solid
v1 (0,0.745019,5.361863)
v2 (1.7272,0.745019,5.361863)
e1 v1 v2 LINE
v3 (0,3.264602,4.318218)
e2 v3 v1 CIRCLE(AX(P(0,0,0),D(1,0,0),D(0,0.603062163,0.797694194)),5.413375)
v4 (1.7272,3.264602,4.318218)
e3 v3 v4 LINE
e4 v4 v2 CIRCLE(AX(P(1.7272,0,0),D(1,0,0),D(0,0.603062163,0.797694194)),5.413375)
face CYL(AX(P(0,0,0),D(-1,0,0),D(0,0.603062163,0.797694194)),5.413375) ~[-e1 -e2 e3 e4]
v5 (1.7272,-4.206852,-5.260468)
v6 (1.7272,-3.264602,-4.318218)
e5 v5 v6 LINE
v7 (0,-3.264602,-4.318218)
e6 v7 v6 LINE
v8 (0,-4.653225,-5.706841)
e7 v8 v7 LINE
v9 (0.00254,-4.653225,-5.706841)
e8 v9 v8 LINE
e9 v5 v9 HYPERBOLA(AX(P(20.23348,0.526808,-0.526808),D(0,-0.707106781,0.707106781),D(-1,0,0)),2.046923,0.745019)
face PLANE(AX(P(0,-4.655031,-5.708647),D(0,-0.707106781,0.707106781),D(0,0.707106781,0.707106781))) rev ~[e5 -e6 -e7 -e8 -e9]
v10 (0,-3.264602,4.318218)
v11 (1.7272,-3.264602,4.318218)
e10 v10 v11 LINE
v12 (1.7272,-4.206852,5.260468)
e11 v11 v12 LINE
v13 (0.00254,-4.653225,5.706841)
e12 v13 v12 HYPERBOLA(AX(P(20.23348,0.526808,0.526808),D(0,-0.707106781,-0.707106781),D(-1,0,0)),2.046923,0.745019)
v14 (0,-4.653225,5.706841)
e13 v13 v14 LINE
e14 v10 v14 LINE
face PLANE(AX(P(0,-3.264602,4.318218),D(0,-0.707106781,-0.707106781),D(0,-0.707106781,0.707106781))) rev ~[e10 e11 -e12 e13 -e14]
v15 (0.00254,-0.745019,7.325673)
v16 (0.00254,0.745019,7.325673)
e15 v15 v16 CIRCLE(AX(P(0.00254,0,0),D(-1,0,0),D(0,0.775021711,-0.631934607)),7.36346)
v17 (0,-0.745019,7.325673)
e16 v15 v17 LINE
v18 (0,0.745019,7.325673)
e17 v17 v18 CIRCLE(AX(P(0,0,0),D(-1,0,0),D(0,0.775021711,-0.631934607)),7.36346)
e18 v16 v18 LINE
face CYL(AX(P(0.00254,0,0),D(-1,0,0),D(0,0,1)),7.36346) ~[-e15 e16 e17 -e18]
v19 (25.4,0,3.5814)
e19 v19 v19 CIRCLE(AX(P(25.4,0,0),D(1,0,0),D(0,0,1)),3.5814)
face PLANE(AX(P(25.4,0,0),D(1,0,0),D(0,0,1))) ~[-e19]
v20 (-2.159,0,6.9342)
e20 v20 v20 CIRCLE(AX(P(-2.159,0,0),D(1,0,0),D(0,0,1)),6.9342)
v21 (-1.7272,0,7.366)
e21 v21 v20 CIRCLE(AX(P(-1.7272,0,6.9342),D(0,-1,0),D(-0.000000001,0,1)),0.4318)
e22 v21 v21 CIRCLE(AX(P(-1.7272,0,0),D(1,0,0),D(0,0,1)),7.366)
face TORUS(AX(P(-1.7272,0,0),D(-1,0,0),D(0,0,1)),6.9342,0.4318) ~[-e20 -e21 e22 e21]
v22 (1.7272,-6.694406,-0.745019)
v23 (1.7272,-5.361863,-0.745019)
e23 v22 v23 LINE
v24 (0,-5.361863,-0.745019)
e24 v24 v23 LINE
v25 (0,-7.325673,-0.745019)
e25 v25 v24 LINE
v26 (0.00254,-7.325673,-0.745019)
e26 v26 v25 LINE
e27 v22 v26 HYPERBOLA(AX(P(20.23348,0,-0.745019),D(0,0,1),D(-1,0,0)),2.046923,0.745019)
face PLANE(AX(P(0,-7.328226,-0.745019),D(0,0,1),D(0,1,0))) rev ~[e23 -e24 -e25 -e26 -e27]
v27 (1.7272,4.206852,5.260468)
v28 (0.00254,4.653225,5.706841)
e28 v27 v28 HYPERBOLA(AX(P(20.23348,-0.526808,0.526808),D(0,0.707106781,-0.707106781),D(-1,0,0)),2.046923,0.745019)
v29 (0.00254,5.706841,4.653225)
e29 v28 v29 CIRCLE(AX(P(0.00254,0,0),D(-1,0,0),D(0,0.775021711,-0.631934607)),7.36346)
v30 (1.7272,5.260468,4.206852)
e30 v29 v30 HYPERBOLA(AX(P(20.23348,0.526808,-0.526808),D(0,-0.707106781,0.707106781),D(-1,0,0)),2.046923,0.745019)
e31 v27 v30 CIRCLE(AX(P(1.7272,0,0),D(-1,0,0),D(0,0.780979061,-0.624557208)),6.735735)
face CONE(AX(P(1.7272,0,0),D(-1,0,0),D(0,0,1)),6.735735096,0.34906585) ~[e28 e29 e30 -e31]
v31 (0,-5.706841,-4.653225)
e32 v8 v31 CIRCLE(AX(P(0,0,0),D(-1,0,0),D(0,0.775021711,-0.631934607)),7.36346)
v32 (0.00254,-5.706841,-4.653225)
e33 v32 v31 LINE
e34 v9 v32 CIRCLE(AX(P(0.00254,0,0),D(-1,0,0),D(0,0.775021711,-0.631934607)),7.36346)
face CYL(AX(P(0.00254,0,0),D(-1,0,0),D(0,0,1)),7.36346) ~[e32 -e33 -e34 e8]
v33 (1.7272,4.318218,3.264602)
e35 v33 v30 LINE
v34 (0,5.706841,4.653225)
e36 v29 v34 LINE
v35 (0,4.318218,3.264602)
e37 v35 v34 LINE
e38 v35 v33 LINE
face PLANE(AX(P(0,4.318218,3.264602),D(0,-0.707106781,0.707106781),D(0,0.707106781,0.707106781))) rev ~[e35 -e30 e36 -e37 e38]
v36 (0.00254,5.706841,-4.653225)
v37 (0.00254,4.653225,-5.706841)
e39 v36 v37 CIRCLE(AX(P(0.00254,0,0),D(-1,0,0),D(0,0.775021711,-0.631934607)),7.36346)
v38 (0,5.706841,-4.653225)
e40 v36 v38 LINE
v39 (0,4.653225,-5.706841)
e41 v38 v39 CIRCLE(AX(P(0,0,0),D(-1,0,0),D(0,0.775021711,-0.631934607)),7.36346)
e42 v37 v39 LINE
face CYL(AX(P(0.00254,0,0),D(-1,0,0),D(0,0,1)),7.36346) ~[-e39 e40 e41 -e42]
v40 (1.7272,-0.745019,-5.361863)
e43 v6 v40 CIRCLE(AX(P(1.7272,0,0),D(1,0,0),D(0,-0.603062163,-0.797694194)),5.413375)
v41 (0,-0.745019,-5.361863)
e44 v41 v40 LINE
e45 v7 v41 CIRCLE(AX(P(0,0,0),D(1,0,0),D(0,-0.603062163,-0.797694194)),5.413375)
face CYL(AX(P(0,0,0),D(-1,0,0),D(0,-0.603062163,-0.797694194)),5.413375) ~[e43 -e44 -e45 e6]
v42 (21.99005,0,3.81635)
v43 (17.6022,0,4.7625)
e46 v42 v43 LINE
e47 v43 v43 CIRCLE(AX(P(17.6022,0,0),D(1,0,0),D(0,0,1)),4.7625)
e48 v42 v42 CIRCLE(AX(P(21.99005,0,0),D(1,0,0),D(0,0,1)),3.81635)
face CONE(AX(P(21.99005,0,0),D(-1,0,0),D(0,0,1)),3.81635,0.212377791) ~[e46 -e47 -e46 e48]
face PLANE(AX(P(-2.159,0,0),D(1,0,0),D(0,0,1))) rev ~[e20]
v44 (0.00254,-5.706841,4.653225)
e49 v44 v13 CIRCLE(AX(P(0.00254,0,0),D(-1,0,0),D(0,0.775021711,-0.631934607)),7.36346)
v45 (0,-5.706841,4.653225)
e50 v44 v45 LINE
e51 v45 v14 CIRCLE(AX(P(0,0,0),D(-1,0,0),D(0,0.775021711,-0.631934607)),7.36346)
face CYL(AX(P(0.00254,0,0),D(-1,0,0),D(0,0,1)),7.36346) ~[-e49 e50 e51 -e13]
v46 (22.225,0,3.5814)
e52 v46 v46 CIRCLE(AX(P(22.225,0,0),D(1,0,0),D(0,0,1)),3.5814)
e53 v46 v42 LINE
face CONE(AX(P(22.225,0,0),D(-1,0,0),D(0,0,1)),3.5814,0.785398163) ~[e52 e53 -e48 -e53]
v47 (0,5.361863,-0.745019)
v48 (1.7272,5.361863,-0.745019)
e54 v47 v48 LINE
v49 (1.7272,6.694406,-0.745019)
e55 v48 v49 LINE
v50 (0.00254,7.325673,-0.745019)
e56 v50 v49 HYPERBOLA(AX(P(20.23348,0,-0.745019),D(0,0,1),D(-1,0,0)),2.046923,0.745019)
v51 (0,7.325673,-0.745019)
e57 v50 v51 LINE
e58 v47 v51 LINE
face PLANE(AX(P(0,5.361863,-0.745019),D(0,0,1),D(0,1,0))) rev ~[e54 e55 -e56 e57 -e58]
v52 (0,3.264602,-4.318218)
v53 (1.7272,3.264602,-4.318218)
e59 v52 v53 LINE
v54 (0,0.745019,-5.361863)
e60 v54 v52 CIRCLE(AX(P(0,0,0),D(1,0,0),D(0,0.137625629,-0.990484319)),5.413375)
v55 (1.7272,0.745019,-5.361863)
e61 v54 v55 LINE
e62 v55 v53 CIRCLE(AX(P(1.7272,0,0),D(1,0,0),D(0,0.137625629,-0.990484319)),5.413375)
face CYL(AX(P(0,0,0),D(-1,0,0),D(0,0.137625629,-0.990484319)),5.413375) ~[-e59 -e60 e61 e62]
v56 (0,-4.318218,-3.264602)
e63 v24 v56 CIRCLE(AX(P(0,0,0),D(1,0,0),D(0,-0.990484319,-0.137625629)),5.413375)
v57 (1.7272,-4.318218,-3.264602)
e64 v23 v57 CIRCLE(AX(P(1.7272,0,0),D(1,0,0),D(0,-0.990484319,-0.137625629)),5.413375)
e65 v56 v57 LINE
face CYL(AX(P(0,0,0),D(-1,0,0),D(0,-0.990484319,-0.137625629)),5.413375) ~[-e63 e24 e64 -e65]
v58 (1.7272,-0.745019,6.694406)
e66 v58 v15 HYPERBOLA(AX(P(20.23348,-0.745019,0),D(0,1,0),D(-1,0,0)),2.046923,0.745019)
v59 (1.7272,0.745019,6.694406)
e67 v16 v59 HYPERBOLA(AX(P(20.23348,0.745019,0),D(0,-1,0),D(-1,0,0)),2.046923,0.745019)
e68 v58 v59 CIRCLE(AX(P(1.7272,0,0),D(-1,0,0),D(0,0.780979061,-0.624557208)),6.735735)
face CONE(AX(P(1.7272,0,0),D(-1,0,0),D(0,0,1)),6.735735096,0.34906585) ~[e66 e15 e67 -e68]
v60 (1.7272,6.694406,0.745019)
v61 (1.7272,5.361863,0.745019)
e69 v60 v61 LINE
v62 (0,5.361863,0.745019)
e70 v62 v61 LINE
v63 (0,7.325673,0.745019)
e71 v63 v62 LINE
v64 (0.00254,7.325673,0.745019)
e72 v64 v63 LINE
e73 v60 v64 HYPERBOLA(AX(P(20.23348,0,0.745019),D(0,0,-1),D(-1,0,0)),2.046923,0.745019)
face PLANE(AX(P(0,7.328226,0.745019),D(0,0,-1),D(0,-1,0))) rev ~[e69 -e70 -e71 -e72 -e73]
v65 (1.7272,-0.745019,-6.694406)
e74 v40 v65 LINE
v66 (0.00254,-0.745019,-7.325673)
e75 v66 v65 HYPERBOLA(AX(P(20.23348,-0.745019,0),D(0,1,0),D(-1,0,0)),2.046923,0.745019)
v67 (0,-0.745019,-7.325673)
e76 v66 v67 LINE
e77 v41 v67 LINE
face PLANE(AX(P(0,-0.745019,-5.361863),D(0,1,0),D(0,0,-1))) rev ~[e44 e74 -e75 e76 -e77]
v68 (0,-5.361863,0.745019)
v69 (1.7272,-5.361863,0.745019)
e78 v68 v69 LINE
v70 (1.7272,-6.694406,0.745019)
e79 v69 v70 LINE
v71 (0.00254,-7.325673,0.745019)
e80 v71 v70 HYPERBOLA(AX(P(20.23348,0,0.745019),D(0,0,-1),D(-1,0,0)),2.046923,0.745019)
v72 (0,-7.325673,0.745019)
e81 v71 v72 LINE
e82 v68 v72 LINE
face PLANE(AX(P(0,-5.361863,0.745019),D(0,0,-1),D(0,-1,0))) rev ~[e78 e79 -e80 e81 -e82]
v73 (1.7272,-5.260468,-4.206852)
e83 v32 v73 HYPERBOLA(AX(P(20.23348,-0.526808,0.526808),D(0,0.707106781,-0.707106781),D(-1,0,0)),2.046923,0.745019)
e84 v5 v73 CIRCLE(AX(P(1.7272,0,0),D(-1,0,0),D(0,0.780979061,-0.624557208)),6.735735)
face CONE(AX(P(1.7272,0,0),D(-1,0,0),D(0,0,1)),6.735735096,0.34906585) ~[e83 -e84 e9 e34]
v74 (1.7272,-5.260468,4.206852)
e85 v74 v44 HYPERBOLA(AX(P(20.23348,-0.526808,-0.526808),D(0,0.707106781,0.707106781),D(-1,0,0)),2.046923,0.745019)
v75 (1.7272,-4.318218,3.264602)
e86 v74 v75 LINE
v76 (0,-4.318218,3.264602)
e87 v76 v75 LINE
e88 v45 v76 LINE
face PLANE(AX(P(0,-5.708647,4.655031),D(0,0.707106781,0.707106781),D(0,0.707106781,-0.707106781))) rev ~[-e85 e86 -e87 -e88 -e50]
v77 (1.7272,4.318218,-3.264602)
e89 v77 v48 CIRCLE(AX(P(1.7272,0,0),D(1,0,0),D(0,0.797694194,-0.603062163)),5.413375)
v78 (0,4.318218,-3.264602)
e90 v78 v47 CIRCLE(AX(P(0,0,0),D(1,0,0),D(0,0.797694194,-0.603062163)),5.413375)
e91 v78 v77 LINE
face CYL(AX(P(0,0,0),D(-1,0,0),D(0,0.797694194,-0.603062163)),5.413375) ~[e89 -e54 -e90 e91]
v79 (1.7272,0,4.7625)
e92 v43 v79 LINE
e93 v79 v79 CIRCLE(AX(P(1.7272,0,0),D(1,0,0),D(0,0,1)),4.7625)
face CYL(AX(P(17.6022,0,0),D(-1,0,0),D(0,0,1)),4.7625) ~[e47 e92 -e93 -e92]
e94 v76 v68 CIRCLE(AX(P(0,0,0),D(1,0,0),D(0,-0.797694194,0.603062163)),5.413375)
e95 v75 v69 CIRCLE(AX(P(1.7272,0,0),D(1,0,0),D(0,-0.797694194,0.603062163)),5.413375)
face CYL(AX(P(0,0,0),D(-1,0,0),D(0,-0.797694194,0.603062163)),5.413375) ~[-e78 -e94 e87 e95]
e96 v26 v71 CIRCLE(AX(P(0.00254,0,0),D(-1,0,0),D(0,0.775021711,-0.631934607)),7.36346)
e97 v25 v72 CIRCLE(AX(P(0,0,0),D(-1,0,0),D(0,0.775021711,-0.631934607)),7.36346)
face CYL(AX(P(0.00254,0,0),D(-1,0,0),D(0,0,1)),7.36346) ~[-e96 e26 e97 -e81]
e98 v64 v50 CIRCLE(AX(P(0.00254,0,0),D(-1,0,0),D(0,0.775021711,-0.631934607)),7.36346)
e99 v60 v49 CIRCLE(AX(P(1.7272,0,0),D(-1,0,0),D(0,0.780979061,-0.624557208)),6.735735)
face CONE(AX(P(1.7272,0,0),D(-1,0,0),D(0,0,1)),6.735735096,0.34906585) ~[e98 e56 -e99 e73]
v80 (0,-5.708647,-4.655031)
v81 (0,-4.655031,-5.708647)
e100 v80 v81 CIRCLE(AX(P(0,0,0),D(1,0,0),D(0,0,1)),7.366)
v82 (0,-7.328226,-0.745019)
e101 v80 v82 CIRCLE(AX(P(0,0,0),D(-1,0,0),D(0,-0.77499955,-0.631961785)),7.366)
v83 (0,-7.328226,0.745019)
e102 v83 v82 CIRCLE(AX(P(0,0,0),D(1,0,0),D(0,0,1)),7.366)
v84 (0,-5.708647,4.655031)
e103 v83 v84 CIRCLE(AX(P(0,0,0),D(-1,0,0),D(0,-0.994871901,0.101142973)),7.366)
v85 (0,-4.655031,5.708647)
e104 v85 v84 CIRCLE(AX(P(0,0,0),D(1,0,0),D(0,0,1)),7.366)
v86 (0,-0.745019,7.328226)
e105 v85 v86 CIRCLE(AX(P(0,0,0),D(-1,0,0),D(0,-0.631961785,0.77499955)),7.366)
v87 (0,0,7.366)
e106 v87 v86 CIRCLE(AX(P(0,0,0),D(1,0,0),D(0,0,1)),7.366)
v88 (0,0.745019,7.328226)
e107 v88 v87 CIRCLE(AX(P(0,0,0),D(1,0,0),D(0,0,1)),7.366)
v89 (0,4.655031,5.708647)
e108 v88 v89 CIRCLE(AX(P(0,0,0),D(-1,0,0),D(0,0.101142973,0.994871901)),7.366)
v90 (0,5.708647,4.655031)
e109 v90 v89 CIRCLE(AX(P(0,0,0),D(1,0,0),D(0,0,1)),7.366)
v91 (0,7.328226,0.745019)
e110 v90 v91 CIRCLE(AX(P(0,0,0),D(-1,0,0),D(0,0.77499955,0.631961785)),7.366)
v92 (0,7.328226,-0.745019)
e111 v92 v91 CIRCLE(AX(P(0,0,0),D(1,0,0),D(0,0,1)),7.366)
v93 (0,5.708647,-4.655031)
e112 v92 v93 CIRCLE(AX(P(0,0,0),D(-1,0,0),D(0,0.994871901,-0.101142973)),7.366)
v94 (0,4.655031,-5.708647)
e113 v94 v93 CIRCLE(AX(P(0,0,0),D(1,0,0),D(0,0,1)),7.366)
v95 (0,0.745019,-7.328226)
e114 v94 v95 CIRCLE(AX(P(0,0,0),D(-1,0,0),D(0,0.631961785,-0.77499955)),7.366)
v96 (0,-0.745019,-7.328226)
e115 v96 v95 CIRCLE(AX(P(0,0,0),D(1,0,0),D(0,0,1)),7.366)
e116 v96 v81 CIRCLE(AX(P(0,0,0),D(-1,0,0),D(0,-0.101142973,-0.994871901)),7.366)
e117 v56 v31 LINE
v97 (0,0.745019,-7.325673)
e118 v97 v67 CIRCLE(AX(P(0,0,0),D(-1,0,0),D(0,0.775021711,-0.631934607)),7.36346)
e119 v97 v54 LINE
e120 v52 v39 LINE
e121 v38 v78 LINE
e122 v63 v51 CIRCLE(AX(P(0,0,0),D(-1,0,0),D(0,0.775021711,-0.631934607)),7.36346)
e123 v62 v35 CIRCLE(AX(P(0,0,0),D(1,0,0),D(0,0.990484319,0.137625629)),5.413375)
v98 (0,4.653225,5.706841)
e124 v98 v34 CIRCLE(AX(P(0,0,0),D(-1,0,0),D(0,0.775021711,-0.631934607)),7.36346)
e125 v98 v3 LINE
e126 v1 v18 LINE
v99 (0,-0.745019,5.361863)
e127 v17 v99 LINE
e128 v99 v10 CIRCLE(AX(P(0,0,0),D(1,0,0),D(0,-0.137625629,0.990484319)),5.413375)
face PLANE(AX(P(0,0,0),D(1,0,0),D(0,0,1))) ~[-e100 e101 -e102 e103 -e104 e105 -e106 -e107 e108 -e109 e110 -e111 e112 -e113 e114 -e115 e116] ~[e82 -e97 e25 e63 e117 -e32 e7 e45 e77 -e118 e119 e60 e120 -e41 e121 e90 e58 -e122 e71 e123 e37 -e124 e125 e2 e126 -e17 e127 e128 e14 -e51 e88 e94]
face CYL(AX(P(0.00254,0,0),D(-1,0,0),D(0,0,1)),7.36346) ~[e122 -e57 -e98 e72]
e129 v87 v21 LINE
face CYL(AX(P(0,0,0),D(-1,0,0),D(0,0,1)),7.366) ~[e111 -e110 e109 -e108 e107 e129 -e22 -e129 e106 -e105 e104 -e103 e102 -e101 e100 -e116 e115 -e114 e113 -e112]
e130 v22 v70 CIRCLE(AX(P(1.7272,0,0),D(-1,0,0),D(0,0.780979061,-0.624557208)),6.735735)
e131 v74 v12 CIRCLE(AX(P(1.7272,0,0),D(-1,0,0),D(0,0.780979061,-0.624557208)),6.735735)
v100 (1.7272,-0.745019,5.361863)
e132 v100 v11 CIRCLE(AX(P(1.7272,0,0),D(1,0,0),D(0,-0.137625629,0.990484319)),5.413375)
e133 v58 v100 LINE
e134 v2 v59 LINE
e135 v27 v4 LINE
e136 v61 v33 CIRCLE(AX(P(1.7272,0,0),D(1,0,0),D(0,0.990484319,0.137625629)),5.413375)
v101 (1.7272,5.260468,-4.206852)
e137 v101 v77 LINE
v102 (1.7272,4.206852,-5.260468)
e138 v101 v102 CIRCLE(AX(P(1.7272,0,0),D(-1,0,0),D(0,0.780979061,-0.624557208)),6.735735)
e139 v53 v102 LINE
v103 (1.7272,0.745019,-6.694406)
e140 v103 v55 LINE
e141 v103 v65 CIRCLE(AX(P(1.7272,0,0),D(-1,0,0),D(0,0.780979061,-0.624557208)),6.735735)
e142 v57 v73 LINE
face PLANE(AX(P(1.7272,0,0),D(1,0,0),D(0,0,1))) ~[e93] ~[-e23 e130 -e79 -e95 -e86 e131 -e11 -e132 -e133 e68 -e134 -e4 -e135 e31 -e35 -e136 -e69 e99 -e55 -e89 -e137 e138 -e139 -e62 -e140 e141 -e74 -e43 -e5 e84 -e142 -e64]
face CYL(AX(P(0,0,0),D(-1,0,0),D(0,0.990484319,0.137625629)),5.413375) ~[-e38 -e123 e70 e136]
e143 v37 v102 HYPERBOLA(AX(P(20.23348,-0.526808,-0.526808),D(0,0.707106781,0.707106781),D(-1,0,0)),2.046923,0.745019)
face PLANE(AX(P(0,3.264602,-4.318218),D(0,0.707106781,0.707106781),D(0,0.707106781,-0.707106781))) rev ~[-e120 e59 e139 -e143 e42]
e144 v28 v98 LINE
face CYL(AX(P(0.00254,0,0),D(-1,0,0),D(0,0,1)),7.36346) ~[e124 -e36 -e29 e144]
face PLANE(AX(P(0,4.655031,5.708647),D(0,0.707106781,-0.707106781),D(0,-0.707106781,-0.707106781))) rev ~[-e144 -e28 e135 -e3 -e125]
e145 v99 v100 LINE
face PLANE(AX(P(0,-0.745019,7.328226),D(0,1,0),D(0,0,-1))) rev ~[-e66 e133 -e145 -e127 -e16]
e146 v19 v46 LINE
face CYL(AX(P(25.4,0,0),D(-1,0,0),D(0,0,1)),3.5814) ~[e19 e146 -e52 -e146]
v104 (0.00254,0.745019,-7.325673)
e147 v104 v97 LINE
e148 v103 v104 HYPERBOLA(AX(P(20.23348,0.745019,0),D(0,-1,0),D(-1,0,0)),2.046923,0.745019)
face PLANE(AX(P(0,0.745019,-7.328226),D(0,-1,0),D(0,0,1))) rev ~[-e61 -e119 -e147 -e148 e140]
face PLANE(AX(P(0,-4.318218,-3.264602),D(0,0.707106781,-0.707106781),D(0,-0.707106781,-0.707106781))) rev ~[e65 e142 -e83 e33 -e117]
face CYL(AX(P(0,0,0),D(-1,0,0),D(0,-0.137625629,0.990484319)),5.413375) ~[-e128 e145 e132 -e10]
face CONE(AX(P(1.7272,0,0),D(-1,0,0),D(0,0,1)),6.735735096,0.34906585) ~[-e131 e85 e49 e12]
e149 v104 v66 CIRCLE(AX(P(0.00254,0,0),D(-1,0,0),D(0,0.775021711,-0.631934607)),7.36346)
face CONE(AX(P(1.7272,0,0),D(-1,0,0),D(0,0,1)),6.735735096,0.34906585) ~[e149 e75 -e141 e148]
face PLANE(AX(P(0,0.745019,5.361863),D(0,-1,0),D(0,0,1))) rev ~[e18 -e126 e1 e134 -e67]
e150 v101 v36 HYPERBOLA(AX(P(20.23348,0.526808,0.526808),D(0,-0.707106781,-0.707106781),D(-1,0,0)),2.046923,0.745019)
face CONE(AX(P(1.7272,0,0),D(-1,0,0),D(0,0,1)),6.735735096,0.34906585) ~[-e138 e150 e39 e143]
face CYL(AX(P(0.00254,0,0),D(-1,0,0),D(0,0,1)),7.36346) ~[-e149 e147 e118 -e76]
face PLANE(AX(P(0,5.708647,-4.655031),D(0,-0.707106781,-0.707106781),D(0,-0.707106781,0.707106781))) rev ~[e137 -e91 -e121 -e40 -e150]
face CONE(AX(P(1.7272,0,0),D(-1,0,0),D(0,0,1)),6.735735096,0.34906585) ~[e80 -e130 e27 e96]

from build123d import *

# Parameters (mm, degrees)
RIBCUT_START     = -1.7272
RIBCUT_DEPTH     = 1.7272
RIBCUTSPAT_COUNT = 8
RIBCUTSPAT_ANGLE = 315


with BuildPart() as part:
    # BodySke → BaseBody (revolve)
    with BuildSketch(Plane.XY, mode=Mode.PRIVATE) as basebody_sk:
        with BuildLine():
            Line((-2.159, 6.9342), (-2.159, 0))
            Line((-2.159, 0), (25.4, 0))
            Line((25.4, 0), (25.4, 3.5814))
            Line((25.4, 3.5814), (22.225, 3.5814))
            Line((22.225, 3.5814), (21.99005, 3.81635))
            Line((21.99005, 3.81635), (17.6022, 4.7625))
            Line((17.6022, 4.7625), (1.7272, 4.7625))
            Line((1.7272, 4.7625), (1.7272, 6.735735096))
            Line((1.7272, 6.735735096), (0.00254, 7.36346))
            Line((0.00254, 7.36346), (0, 7.36346))
            Line((0, 7.36346), (0, 7.366))
            Line((0, 7.366), (-1.7272, 7.366))
            ThreePointArc((-1.7272, 7.366), (-2.032528708, 7.239528708), (-2.159, 6.9342))
        make_face()
    revolve(basebody_sk.sketch.rotate(Axis((0, 0, 0), (1, 0, 0)), 90), axis=Axis((0, 0, 0), (1, 0, 0)))

    # RibCutSke → RibCut (cut)
    with BuildSketch(Plane(origin=(1.7272, 1.794401132, -0.090952894), x_dir=(0, 0, -1), z_dir=(1, 0, 0)).offset(RIBCUT_START)):
        with BuildLine():
            Line((0.654066246, 3.567461918), (0.654066246, 5.533825289))
            ThreePointArc((0.654066246, 5.533825289), (2.727893269, 5.010895504), (4.564077617, 3.91424555))
            Line((4.564077617, 3.91424555), (3.173648743, 2.523816676))
            ThreePointArc((3.173648743, 2.523816676), (1.980656032, 3.206905232), (0.654066246, 3.567461918))
        make_face()
    ribcut = extrude(amount=RIBCUT_DEPTH, mode=Mode.SUBTRACT)

    # RibCutsPat: RibCut ×8 about axis
    ribcutspat_axis = Axis((0, 0, 0), (1, 0, 0))
    for i in range(1, RIBCUTSPAT_COUNT):
        add(ribcut.rotate(ribcutspat_axis, i * RIBCUTSPAT_ANGLE / (RIBCUTSPAT_COUNT - 1)), mode=Mode.SUBTRACT)


solid = part.part
